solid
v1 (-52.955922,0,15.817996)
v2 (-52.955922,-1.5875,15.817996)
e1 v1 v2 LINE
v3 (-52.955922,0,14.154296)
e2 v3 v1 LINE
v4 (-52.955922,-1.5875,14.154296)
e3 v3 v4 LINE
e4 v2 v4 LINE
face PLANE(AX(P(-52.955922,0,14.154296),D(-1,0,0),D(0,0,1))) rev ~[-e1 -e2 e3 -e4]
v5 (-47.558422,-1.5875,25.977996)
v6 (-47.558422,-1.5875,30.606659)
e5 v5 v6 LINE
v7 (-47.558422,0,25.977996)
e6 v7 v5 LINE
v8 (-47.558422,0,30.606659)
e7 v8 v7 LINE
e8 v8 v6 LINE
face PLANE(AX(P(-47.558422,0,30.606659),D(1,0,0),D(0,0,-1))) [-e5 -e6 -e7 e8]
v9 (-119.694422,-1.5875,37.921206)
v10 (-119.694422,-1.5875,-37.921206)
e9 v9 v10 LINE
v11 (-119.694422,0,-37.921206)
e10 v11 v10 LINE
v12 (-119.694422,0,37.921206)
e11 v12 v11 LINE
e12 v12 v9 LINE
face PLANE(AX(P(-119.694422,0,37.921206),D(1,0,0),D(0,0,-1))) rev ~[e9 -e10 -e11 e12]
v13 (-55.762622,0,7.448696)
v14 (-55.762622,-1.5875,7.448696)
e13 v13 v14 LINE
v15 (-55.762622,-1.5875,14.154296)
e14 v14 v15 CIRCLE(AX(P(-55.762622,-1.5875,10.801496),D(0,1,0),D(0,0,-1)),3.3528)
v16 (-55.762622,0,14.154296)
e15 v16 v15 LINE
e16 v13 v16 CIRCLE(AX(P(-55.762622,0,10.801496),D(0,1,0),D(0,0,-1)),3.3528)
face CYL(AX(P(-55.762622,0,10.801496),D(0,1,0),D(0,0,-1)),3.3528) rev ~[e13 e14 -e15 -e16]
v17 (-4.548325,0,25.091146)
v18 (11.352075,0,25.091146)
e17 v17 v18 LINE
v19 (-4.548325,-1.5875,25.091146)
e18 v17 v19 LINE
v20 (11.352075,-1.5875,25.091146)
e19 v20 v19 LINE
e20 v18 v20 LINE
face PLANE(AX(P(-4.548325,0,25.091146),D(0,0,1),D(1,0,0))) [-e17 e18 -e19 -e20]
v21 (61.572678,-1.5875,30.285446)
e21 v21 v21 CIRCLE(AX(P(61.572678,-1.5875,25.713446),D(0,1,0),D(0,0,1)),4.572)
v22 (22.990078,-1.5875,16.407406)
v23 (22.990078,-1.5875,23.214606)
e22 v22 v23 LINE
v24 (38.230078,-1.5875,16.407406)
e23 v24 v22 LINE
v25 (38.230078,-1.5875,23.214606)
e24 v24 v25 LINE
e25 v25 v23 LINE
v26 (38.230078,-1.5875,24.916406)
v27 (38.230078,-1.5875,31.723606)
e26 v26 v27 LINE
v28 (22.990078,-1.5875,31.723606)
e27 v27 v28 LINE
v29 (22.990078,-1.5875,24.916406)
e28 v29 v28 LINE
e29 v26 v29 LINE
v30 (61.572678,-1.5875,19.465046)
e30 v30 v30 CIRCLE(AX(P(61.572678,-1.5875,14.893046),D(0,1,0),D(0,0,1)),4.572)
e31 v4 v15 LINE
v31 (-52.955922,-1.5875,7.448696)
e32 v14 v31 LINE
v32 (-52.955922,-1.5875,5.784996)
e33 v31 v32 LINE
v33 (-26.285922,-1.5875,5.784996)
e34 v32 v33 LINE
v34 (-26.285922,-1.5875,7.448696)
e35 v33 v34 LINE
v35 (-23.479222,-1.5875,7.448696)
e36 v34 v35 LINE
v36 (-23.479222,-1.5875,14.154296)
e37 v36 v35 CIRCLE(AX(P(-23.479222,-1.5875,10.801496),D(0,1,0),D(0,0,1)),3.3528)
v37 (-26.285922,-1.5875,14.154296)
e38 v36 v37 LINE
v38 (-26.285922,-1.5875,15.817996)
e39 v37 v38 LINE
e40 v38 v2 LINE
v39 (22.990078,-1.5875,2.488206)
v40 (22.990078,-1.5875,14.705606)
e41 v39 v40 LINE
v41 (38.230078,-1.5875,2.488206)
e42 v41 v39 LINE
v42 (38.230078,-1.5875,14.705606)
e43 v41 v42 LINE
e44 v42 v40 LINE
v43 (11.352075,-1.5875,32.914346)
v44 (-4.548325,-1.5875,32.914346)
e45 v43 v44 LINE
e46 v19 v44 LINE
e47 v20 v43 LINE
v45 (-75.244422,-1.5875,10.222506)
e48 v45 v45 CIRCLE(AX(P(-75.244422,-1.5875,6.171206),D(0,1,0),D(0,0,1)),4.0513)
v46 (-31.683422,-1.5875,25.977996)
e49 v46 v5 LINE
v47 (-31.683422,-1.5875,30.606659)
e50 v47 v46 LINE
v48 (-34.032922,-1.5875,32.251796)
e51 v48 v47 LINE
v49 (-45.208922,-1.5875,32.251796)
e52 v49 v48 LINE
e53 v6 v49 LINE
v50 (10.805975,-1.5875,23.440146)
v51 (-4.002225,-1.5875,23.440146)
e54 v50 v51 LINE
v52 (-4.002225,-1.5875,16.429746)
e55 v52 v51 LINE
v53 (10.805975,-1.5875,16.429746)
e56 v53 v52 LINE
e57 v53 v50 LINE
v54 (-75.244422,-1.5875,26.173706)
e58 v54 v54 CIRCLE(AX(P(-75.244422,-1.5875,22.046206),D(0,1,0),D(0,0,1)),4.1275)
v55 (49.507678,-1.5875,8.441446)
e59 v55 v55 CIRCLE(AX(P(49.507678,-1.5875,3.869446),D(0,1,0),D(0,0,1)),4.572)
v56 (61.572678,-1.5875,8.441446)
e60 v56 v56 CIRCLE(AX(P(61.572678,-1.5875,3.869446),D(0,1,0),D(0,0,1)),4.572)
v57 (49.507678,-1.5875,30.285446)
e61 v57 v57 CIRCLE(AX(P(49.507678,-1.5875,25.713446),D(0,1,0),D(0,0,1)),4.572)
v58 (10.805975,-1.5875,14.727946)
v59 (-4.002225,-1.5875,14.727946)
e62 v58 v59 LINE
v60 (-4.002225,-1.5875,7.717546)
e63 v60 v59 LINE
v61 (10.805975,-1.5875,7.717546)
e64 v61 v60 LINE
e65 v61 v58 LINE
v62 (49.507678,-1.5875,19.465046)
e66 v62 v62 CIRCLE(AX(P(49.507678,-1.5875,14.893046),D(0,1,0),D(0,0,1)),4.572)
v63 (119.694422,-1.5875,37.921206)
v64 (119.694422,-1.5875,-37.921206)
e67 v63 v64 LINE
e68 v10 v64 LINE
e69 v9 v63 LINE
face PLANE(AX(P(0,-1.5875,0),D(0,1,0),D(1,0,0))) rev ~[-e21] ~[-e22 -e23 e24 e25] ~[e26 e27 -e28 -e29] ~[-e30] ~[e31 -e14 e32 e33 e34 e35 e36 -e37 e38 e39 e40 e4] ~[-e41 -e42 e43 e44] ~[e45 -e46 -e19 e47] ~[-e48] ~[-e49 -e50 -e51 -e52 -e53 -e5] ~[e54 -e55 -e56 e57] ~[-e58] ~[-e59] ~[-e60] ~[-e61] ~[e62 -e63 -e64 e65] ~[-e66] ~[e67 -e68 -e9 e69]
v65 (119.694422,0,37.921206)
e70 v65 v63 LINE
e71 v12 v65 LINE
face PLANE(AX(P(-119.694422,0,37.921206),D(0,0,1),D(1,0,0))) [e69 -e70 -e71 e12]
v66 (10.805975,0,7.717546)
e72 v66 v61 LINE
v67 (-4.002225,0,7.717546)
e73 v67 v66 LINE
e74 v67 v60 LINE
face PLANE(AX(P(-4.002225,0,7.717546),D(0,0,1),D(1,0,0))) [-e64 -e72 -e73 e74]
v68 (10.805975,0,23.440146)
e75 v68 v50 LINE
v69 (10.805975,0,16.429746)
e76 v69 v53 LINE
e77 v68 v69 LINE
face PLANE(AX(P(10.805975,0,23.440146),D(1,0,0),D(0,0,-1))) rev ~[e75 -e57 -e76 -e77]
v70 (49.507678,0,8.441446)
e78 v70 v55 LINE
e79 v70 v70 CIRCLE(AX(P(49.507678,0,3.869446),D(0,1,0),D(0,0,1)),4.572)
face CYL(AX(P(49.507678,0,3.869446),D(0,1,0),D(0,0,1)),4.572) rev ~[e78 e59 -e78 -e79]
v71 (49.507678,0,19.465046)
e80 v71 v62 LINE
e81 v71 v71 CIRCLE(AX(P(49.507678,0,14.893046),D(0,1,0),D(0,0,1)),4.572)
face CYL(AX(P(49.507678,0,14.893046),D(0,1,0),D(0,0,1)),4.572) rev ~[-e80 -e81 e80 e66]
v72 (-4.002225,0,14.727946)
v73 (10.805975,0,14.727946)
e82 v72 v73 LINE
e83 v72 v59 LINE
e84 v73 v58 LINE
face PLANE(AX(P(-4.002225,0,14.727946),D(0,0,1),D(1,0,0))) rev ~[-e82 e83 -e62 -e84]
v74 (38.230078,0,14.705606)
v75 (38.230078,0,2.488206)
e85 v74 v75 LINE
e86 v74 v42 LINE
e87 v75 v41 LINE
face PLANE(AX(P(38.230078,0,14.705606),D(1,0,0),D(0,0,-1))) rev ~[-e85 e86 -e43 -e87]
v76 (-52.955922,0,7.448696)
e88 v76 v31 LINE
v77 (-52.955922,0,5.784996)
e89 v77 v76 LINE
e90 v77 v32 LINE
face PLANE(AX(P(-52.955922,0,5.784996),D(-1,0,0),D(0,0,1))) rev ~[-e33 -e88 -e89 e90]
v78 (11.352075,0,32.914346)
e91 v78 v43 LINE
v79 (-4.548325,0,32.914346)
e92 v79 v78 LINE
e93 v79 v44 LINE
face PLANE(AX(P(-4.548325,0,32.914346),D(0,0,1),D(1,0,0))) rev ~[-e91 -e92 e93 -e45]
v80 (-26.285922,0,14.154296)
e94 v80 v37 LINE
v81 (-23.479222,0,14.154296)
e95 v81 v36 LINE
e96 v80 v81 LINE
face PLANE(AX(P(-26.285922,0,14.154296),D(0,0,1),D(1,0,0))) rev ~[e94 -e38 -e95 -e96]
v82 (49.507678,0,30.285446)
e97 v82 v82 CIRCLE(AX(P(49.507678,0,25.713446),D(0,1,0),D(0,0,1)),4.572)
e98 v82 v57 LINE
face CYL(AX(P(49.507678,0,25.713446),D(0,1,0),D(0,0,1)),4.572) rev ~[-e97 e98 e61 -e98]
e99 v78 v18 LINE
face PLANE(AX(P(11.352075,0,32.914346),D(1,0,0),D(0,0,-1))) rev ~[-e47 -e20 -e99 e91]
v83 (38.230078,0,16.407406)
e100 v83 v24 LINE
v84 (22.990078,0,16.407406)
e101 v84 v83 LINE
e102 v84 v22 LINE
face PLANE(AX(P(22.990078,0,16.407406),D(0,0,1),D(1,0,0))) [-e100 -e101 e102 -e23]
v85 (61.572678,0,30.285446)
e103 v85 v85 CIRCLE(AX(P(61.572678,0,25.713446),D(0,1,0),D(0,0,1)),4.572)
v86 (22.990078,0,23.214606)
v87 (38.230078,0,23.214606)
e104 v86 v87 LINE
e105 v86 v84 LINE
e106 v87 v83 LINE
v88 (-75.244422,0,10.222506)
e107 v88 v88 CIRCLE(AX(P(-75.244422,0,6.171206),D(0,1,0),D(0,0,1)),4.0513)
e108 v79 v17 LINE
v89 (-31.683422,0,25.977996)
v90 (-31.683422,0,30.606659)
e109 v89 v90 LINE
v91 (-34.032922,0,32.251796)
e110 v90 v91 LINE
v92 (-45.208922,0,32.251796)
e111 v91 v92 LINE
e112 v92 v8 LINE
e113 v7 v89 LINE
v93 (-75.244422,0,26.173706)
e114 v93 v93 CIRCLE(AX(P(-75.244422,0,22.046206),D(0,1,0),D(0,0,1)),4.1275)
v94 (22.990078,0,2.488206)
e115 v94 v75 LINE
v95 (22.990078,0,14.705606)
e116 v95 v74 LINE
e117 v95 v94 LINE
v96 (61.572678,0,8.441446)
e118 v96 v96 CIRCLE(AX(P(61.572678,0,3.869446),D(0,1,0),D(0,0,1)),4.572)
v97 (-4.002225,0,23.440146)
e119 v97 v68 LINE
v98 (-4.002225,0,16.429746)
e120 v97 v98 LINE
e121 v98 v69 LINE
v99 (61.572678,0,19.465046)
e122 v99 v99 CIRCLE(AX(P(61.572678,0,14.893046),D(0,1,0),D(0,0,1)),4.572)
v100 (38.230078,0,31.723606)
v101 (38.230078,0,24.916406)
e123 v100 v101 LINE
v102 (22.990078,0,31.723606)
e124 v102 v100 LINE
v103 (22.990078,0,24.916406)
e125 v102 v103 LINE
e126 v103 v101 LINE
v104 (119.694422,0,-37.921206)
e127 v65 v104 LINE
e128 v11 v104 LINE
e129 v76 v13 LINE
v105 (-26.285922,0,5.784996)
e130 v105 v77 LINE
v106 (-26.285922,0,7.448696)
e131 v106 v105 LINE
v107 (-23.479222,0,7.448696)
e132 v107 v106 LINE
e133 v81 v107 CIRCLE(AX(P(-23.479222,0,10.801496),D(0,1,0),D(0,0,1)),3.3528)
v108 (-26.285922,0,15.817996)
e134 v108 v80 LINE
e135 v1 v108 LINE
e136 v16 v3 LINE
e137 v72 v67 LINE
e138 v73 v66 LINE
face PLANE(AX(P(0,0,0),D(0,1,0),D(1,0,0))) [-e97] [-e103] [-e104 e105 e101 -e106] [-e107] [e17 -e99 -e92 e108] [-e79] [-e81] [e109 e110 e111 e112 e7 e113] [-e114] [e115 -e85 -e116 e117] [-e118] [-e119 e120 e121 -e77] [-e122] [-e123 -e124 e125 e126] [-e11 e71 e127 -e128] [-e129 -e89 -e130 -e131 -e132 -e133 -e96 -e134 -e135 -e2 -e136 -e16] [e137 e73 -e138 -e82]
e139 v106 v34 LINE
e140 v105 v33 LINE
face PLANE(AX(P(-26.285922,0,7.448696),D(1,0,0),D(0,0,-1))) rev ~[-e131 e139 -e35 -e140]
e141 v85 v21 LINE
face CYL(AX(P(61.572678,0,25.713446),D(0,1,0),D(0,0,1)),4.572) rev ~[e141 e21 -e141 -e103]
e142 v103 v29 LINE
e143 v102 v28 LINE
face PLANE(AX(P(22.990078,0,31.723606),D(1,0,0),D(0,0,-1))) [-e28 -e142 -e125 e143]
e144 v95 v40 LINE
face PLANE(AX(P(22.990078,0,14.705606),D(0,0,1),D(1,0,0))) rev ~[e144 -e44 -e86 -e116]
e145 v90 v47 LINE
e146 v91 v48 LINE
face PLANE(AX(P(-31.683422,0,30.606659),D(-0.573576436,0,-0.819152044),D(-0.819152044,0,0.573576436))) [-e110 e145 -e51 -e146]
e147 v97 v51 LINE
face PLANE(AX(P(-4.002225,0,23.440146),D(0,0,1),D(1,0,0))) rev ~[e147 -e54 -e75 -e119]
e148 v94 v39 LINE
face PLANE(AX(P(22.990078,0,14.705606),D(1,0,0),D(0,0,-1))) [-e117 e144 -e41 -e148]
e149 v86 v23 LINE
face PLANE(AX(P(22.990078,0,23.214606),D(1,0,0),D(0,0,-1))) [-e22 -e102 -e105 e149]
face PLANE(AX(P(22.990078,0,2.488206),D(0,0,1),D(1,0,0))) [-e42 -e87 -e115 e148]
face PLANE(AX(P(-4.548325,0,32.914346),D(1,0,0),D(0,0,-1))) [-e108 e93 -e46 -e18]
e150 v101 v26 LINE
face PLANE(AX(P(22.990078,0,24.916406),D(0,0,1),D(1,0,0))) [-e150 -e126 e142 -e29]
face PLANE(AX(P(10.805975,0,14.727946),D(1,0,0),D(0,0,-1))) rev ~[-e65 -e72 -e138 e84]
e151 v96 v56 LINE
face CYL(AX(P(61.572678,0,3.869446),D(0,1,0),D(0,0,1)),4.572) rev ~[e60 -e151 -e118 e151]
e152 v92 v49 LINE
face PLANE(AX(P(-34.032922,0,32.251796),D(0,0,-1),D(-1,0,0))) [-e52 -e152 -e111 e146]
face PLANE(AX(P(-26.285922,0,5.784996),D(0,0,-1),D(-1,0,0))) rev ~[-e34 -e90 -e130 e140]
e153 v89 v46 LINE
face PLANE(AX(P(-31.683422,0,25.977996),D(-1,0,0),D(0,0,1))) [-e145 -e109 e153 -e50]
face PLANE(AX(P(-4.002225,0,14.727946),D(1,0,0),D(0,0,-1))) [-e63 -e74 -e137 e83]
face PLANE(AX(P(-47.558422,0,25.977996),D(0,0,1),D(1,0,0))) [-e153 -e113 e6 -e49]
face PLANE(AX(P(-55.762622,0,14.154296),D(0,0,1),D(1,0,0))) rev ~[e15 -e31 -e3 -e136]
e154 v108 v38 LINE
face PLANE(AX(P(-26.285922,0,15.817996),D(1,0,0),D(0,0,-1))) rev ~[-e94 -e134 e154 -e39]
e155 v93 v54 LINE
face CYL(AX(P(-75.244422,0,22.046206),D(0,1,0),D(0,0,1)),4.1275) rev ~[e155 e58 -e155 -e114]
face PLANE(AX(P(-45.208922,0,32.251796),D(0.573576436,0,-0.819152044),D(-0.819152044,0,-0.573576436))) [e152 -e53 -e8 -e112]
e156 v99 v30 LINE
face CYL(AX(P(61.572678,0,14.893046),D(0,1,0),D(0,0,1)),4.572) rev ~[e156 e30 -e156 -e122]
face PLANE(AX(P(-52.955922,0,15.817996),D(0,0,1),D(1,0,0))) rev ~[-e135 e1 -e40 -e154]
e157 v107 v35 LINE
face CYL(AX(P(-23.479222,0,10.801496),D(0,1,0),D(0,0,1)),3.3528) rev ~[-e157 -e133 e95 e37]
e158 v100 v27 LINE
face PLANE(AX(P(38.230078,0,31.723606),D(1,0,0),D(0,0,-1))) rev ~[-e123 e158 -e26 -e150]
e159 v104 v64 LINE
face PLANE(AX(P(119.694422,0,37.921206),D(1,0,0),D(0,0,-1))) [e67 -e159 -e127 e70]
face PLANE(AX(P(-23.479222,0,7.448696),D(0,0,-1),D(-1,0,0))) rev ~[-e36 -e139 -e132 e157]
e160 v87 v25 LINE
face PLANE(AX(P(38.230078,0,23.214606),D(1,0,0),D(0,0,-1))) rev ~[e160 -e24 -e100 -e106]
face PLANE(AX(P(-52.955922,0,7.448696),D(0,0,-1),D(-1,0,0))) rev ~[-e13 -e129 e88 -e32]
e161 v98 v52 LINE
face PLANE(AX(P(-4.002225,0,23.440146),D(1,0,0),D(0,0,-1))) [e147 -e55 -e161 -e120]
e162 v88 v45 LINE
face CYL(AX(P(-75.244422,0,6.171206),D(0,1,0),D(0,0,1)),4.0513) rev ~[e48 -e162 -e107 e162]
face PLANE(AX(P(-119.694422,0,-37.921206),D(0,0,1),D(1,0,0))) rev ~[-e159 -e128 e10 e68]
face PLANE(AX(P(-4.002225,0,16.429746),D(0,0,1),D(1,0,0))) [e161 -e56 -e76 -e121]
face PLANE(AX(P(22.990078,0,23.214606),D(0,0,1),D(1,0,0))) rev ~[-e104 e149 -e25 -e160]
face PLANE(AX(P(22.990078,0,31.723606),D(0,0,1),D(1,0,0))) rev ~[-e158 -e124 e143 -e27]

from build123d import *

# Parameters (mm, degrees)
SKETCH1_W           = 239.388843642
SKETCH1_H           = 75.842411424
BOSS_EXTRUDE1_DEPTH = 1.5875
CUT_EXTRUDE1_REACH  = 127.568
SKETCH2_R           = 4.1275
SKETCH2_R_2         = 4.572
SKETCH2_R_3         = 4.0513
SKETCH2_W           = 14.8082
SKETCH2_H           = 7.0104
SKETCH2_W_2         = 15.9004
SKETCH2_H_2         = 7.8232
SKETCH2_W_3         = 15.24
SKETCH2_H_3         = 12.2174
SKETCH2_H_4         = 6.8072


with BuildPart() as part:
    # Sketch1 → Boss-Extrude1 (new body)
    with BuildSketch(Plane(origin=(0, 0, 0), x_dir=(1, 0, 0), z_dir=(0, 1, 0))):
        Rectangle(SKETCH1_W, SKETCH1_H)
    extrude(amount=-BOSS_EXTRUDE1_DEPTH)

    # Sketch2 → Cut-Extrude1 (cut, up to next)
    with BuildSketch(Plane(origin=(0, 0, 0), x_dir=(1, 0, 0), z_dir=(0, 1, 0)), mode=Mode.PRIVATE) as cut_extrude1_sk1:
        with Locations(Location((-75.244421821, -22.046205712, 0), (0, 0, 270))):
            Circle(SKETCH2_R)
    cut_extrude1_tool1 = extrude(cut_extrude1_sk1.sketch, amount=-CUT_EXTRUDE1_REACH, mode=Mode.PRIVATE) & part.part
    # Sketch2 → Cut-Extrude1 (cut, up to next)
    with BuildSketch(Plane(origin=(0, 0, 0), x_dir=(1, 0, 0), z_dir=(0, 1, 0)), mode=Mode.PRIVATE) as cut_extrude1_sk2:
        with Locations(Location((49.507678179, -25.713445712, 0), (0, 0, 270))):
            Circle(SKETCH2_R_2)
    cut_extrude1_tool2 = extrude(cut_extrude1_sk2.sketch, amount=-CUT_EXTRUDE1_REACH, mode=Mode.PRIVATE) & part.part
    # Sketch2 → Cut-Extrude1 (cut, up to next)
    with BuildSketch(Plane(origin=(0, 0, 0), x_dir=(1, 0, 0), z_dir=(0, 1, 0)), mode=Mode.PRIVATE) as cut_extrude1_sk3:
        with Locations(Location((-75.244421821, -6.171205712, 0), (0, 0, 270))):
            Circle(SKETCH2_R_3)
    cut_extrude1_tool3 = extrude(cut_extrude1_sk3.sketch, amount=-CUT_EXTRUDE1_REACH, mode=Mode.PRIVATE) & part.part
    # Sketch2 → Cut-Extrude1 (cut, up to next)
    with BuildSketch(Plane(origin=(0, 0, 0), x_dir=(1, 0, 0), z_dir=(0, 1, 0)), mode=Mode.PRIVATE) as cut_extrude1_sk4:
        with Locations(Location((49.507678179, -3.869445712, 0), (0, 0, 270))):
            Circle(SKETCH2_R_2)
    cut_extrude1_tool4 = extrude(cut_extrude1_sk4.sketch, amount=-CUT_EXTRUDE1_REACH, mode=Mode.PRIVATE) & part.part
    # Sketch2 → Cut-Extrude1 (cut, up to next)
    with BuildSketch(Plane(origin=(0, 0, 0), x_dir=(1, 0, 0), z_dir=(0, 1, 0)), mode=Mode.PRIVATE) as cut_extrude1_sk5:
        with Locations(Location((61.572678179, -3.869445712, 0), (0, 0, 270))):
            Circle(SKETCH2_R_2)
    cut_extrude1_tool5 = extrude(cut_extrude1_sk5.sketch, amount=-CUT_EXTRUDE1_REACH, mode=Mode.PRIVATE) & part.part
    # Sketch2 → Cut-Extrude1 (cut, up to next)
    with BuildSketch(Plane(origin=(0, 0, 0), x_dir=(1, 0, 0), z_dir=(0, 1, 0)), mode=Mode.PRIVATE) as cut_extrude1_sk6:
        with Locations(Location((49.507678179, -14.893045712, 0), (0, 0, 270))):
            Circle(SKETCH2_R_2)
    cut_extrude1_tool6 = extrude(cut_extrude1_sk6.sketch, amount=-CUT_EXTRUDE1_REACH, mode=Mode.PRIVATE) & part.part
    # Sketch2 → Cut-Extrude1 (cut, up to next)
    with BuildSketch(Plane(origin=(0, 0, 0), x_dir=(1, 0, 0), z_dir=(0, 1, 0)), mode=Mode.PRIVATE) as cut_extrude1_sk7:
        with Locations(Location((61.572678179, -14.893045712, 0), (0, 0, 270))):
            Circle(SKETCH2_R_2)
    cut_extrude1_tool7 = extrude(cut_extrude1_sk7.sketch, amount=-CUT_EXTRUDE1_REACH, mode=Mode.PRIVATE) & part.part
    # Sketch2 → Cut-Extrude1 (cut, up to next)
    with BuildSketch(Plane(origin=(0, 0, 0), x_dir=(1, 0, 0), z_dir=(0, 1, 0)), mode=Mode.PRIVATE) as cut_extrude1_sk8:
        with Locations(Location((61.572678179, -25.713445712, 0), (0, 0, 270))):
            Circle(SKETCH2_R_2)
    cut_extrude1_tool8 = extrude(cut_extrude1_sk8.sketch, amount=-CUT_EXTRUDE1_REACH, mode=Mode.PRIVATE) & part.part
    # Sketch2 → Cut-Extrude1 (cut, up to next)
    with BuildSketch(Plane(origin=(0, 0, 0), x_dir=(1, 0, 0), z_dir=(0, 1, 0)), mode=Mode.PRIVATE) as cut_extrude1_sk9:
        Polygon((-47.558421821, -25.977996251), (-31.683421821, -25.977996251), (-31.683421821, -30.60665864), (-34.032921821, -32.251796251), (-45.208921821, -32.251796251), (-47.558421821, -30.60665864), align=None)
    cut_extrude1_tool9 = extrude(cut_extrude1_sk9.sketch, amount=-CUT_EXTRUDE1_REACH, mode=Mode.PRIVATE) & part.part
    # Sketch2 → Cut-Extrude1 (cut, up to next)
    with BuildSketch(Plane(origin=(0, 0, 0), x_dir=(1, 0, 0), z_dir=(0, 1, 0)), mode=Mode.PRIVATE) as cut_extrude1_sk10:
        with BuildLine():
            Line((-52.955921821, -14.154296251), (-52.955921821, -15.817996251))
            Line((-52.955921821, -15.817996251), (-26.285921821, -15.817996251))
            Line((-26.285921821, -15.817996251), (-26.285921821, -14.154296251))
            Line((-26.285921821, -14.154296251), (-23.479221821, -14.154296251))
            ThreePointArc((-23.479221821, -14.154296251), (-20.126421821, -10.801496251), (-23.479221821, -7.448696251))
            Line((-23.479221821, -7.448696251), (-26.285921821, -7.448696251))
            Line((-26.285921821, -7.448696251), (-26.285921821, -5.784996251))
            Line((-26.285921821, -5.784996251), (-52.955921821, -5.784996251))
            Line((-52.955921821, -5.784996251), (-52.955921821, -7.448696251))
            Line((-52.955921821, -7.448696251), (-55.762621821, -7.448696251))
            ThreePointArc((-55.762621821, -7.448696251), (-59.115421821, -10.801496251), (-55.762621821, -14.154296251))
            Line((-55.762621821, -14.154296251), (-52.955921821, -14.154296251))
        make_face()
    cut_extrude1_tool10 = extrude(cut_extrude1_sk10.sketch, amount=-CUT_EXTRUDE1_REACH, mode=Mode.PRIVATE) & part.part
    # Sketch2 → Cut-Extrude1 (cut, up to next)
    with BuildSketch(Plane(origin=(0, 0, 0), x_dir=(1, 0, 0), z_dir=(0, 1, 0)), mode=Mode.PRIVATE) as cut_extrude1_sk11:
        with Locations((3.401875226, -11.222745712)):
            Rectangle(SKETCH2_W, SKETCH2_H)
    cut_extrude1_tool11 = extrude(cut_extrude1_sk11.sketch, amount=-CUT_EXTRUDE1_REACH, mode=Mode.PRIVATE) & part.part
    # Sketch2 → Cut-Extrude1 (cut, up to next)
    with BuildSketch(Plane(origin=(0, 0, 0), x_dir=(1, 0, 0), z_dir=(0, 1, 0)), mode=Mode.PRIVATE) as cut_extrude1_sk12:
        with Locations((3.401875226, -19.934945712)):
            Rectangle(SKETCH2_W, SKETCH2_H)
    cut_extrude1_tool12 = extrude(cut_extrude1_sk12.sketch, amount=-CUT_EXTRUDE1_REACH, mode=Mode.PRIVATE) & part.part
    # Sketch2 → Cut-Extrude1 (cut, up to next)
    with BuildSketch(Plane(origin=(0, 0, 0), x_dir=(1, 0, 0), z_dir=(0, 1, 0)), mode=Mode.PRIVATE) as cut_extrude1_sk13:
        with Locations((3.401875226, -29.002745712)):
            Rectangle(SKETCH2_W_2, SKETCH2_H_2)
    cut_extrude1_tool13 = extrude(cut_extrude1_sk13.sketch, amount=-CUT_EXTRUDE1_REACH, mode=Mode.PRIVATE) & part.part
    # Sketch2 → Cut-Extrude1 (cut, up to next)
    with BuildSketch(Plane(origin=(0, 0, 0), x_dir=(1, 0, 0), z_dir=(0, 1, 0)), mode=Mode.PRIVATE) as cut_extrude1_sk14:
        with Locations((30.610078179, -8.596905712)):
            Rectangle(SKETCH2_W_3, SKETCH2_H_3)
    cut_extrude1_tool14 = extrude(cut_extrude1_sk14.sketch, amount=-CUT_EXTRUDE1_REACH, mode=Mode.PRIVATE) & part.part
    # Sketch2 → Cut-Extrude1 (cut, up to next)
    with BuildSketch(Plane(origin=(0, 0, 0), x_dir=(1, 0, 0), z_dir=(0, 1, 0)), mode=Mode.PRIVATE) as cut_extrude1_sk15:
        with Locations((30.610078179, -19.811005712)):
            Rectangle(SKETCH2_W_3, SKETCH2_H_4)
    cut_extrude1_tool15 = extrude(cut_extrude1_sk15.sketch, amount=-CUT_EXTRUDE1_REACH, mode=Mode.PRIVATE) & part.part
    # Sketch2 → Cut-Extrude1 (cut, up to next)
    with BuildSketch(Plane(origin=(0, 0, 0), x_dir=(1, 0, 0), z_dir=(0, 1, 0)), mode=Mode.PRIVATE) as cut_extrude1_sk16:
        with Locations((30.610078179, -28.320005712)):
            Rectangle(SKETCH2_W_3, SKETCH2_H_4)
    cut_extrude1_tool16 = extrude(cut_extrude1_sk16.sketch, amount=-CUT_EXTRUDE1_REACH, mode=Mode.PRIVATE) & part.part
    add(cut_extrude1_tool1.solids().sort_by_distance((-75.244422, 0, 22.046206))[0], mode=Mode.SUBTRACT)
    add(cut_extrude1_tool2.solids().sort_by_distance((49.507678, 0, 25.713446))[0], mode=Mode.SUBTRACT)
    add(cut_extrude1_tool3.solids().sort_by_distance((-75.244422, 0, 6.171206))[0], mode=Mode.SUBTRACT)
    add(cut_extrude1_tool4.solids().sort_by_distance((49.507678, 0, 3.869446))[0], mode=Mode.SUBTRACT)
    add(cut_extrude1_tool5.solids().sort_by_distance((61.572678, 0, 3.869446))[0], mode=Mode.SUBTRACT)
    add(cut_extrude1_tool6.solids().sort_by_distance((49.507678, 0, 14.893046))[0], mode=Mode.SUBTRACT)
    add(cut_extrude1_tool7.solids().sort_by_distance((61.572678, 0, 14.893046))[0], mode=Mode.SUBTRACT)
    add(cut_extrude1_tool8.solids().sort_by_distance((61.572678, 0, 25.713446))[0], mode=Mode.SUBTRACT)
    add(cut_extrude1_tool9.solids().sort_by_distance((-39.620922, 0, 29.010382))[0], mode=Mode.SUBTRACT)
    add(cut_extrude1_tool10.solids().sort_by_distance((-39.620922, 0, 10.801496))[0], mode=Mode.SUBTRACT)
    add(cut_extrude1_tool11.solids().sort_by_distance((3.401875, 0, 11.222746))[0], mode=Mode.SUBTRACT)
    add(cut_extrude1_tool12.solids().sort_by_distance((3.401875, 0, 19.934946))[0], mode=Mode.SUBTRACT)
    add(cut_extrude1_tool13.solids().sort_by_distance((3.401875, 0, 29.002746))[0], mode=Mode.SUBTRACT)
    add(cut_extrude1_tool14.solids().sort_by_distance((30.610078, 0, 8.596906))[0], mode=Mode.SUBTRACT)
    add(cut_extrude1_tool15.solids().sort_by_distance((30.610078, 0, 19.811006))[0], mode=Mode.SUBTRACT)
    add(cut_extrude1_tool16.solids().sort_by_distance((30.610078, 0, 28.320006))[0], mode=Mode.SUBTRACT)


solid = part.part
